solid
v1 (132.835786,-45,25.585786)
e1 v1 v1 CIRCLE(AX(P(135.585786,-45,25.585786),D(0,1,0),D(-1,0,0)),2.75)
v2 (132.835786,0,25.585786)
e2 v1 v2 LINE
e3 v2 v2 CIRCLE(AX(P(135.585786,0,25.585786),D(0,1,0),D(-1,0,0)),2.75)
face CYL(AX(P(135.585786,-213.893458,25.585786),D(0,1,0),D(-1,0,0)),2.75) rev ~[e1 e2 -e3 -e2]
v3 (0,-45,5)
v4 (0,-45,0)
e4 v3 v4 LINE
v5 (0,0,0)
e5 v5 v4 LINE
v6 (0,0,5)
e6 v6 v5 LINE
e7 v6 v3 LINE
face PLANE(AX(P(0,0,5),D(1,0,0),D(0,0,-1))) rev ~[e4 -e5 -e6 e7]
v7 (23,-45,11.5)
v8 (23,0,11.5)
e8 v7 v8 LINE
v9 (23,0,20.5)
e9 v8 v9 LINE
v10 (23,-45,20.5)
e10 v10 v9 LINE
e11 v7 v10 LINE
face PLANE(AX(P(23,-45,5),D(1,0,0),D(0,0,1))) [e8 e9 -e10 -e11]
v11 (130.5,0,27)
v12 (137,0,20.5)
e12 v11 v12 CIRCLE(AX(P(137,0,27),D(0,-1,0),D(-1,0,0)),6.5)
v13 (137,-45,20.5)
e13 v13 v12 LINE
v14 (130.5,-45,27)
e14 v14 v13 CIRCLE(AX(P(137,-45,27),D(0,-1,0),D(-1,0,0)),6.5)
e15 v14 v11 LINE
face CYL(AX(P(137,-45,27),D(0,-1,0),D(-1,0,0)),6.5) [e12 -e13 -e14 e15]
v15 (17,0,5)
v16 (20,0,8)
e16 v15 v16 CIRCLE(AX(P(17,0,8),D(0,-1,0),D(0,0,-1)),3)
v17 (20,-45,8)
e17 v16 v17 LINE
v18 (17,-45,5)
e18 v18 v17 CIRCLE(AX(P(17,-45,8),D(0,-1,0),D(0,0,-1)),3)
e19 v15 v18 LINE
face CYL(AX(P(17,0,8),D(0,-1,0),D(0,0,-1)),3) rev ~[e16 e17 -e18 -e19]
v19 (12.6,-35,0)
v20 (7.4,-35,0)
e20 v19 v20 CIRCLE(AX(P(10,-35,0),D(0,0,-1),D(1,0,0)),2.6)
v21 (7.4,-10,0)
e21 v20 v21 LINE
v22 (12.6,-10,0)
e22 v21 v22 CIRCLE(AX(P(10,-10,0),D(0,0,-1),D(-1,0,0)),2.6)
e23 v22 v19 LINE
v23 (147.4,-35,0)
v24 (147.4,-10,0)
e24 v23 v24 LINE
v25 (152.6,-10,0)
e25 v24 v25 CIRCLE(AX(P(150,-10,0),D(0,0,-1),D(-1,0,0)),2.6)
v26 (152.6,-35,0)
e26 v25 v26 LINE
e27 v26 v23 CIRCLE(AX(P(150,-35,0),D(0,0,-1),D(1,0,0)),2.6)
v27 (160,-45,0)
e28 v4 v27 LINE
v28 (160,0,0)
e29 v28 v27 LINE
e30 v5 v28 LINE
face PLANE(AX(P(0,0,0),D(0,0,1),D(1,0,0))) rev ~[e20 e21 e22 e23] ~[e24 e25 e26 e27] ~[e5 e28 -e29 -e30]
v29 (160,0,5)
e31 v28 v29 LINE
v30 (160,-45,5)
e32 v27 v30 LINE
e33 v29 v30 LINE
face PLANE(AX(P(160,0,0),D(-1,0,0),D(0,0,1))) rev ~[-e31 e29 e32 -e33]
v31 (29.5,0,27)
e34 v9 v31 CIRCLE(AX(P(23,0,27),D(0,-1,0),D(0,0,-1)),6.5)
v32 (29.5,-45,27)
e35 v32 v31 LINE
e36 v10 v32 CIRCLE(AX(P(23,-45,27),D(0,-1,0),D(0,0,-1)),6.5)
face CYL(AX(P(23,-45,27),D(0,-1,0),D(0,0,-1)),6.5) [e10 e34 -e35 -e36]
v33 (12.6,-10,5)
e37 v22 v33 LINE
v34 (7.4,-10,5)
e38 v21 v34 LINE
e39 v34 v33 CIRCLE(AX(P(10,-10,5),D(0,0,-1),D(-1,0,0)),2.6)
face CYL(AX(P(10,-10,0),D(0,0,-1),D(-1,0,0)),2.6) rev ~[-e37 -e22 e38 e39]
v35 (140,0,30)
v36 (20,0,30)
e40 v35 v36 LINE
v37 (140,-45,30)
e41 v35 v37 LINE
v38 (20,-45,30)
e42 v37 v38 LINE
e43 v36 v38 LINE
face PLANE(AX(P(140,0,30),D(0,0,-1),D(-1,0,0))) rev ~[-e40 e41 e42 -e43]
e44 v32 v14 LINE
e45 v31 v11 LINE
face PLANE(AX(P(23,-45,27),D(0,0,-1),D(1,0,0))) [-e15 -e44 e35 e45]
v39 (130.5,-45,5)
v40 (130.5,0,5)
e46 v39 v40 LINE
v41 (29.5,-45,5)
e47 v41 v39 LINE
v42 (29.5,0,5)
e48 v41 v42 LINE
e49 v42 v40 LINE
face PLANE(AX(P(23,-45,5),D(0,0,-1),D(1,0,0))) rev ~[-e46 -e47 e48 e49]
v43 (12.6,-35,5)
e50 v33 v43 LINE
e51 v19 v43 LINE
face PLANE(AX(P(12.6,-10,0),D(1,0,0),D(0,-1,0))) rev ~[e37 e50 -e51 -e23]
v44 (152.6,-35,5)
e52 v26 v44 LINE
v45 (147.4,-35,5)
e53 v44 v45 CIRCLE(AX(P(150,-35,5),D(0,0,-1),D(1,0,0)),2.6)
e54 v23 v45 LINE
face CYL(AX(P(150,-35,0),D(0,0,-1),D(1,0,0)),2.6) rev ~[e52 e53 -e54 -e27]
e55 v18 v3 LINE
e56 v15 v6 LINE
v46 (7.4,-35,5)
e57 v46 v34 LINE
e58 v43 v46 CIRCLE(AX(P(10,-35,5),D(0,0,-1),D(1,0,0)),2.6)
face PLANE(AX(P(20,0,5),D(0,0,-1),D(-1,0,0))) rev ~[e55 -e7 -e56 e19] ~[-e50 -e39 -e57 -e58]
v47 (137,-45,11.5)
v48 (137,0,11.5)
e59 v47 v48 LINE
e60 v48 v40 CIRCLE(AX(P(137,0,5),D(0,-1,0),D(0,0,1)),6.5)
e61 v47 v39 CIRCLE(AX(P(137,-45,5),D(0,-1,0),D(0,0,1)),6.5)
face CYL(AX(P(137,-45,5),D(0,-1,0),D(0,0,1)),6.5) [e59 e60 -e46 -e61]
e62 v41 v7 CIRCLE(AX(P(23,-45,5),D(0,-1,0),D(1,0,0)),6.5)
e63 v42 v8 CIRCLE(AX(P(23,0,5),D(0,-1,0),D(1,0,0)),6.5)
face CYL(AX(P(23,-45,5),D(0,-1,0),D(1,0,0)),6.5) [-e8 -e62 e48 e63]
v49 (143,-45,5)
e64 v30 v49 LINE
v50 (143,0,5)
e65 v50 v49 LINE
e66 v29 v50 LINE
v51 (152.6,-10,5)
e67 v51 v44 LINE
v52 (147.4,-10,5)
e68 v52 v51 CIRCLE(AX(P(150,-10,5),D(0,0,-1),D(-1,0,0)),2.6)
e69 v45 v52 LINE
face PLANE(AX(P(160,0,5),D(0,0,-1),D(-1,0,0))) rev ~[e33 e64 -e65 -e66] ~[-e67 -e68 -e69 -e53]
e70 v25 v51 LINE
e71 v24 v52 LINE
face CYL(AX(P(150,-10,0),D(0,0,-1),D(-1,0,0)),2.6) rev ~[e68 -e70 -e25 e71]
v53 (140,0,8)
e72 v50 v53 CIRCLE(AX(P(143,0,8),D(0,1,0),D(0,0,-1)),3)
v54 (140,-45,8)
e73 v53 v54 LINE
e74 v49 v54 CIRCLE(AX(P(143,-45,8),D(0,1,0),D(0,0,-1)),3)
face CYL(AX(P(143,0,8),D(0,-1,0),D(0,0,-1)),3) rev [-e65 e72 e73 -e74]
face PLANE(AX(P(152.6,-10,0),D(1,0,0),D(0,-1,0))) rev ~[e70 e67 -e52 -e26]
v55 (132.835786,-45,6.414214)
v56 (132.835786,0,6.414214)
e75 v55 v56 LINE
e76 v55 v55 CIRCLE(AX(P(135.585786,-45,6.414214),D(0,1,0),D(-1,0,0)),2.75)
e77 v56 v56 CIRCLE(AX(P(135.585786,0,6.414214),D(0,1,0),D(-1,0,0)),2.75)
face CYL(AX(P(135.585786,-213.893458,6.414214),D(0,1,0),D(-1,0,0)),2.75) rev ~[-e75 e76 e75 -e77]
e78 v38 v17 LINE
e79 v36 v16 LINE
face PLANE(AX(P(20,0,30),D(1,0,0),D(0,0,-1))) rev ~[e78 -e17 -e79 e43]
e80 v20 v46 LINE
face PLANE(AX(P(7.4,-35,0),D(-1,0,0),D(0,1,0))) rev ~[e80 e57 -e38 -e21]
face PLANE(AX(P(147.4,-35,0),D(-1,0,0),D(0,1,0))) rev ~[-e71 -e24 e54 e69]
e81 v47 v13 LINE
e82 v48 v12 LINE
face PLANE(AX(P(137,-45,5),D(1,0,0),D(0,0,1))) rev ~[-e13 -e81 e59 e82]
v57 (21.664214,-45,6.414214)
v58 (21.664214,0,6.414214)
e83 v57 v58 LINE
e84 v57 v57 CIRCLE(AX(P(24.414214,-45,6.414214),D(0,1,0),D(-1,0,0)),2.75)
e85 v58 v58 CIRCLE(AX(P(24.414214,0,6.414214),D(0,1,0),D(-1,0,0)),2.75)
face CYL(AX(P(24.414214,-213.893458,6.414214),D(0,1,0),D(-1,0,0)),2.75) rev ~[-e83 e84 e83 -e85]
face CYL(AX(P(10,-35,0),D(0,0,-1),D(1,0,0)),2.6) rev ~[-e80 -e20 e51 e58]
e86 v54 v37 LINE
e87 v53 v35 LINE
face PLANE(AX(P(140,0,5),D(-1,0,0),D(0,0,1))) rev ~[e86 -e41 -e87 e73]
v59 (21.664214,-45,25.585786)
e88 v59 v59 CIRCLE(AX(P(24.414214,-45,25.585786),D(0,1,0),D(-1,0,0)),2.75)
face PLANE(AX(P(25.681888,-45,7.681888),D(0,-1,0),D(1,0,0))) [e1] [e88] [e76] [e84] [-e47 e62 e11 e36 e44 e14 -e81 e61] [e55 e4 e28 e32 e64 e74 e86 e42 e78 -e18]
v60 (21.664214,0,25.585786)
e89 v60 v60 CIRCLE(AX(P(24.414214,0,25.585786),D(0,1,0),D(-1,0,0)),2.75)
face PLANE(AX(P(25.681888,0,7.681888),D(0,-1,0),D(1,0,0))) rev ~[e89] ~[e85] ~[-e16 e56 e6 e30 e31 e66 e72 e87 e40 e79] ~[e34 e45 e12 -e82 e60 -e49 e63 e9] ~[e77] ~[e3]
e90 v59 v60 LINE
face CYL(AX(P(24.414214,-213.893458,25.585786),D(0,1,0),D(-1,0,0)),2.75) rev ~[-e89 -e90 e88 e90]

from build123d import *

# Parameters (mm, degrees)
F1_DEPTH = 45
F2_W     = 114
F2_H     = 22
F3_DEPTH = 50
F5_DEPTH = 45
F6_R     = 3
F8_DEPTH = 5
F10_D    = 5.5


with BuildPart() as f1:
    # F0 (on Front) → F1 (new body)
    with BuildSketch(Plane.XZ):
        Polygon((0, 5), (0, 0), (160, 0), (160, 5), (140, 5), (140, 30), (20, 30), (20, 5), align=None)
    extrude(amount=F1_DEPTH)

    # F2 (on face) → F3 (cut)
    with BuildSketch(Plane.XZ.offset(45)):
        with Locations((80, 16)):
            Rectangle(F2_W, F2_H)
    extrude(amount=-F3_DEPTH, mode=Mode.SUBTRACT)

    # F4 (on face) → F5 (join, through all)
    with BuildSketch(Plane.XZ.offset(45)):
        with BuildLine():
            ThreePointArc((29.5, 5), (27.5961940777, 9.5961940777), (23, 11.5))
            Line((23, 11.5), (23, 5))
            Line((23, 5), (29.5, 5))
        make_face()
        with BuildLine():
            Line((23, 27), (23, 20.5))
            ThreePointArc((23, 20.5), (27.5961940777, 22.4038059223), (29.5, 27))
            Line((29.5, 27), (23, 27))
        make_face()
        with BuildLine():
            Line((137, 27), (130.5, 27))
            ThreePointArc((130.5, 27), (132.4038059223, 22.4038059223), (137, 20.5))
            Line((137, 20.5), (137, 27))
        make_face()
        with BuildLine():
            ThreePointArc((137, 11.5), (132.4038059223, 9.5961940777), (130.5, 5))
            Line((130.5, 5), (137, 5))
            Line((137, 5), (137, 11.5))
        make_face()
    extrude(amount=-F5_DEPTH)

    # F6
    f6_edges = [f1.edges().sort_by_distance(p)[0] for p in [
        (140, -22.5, 5),
        (20, -22.5, 5),
    ]]
    fillet(f6_edges, radius=F6_R)

    # F7 (on face) → F8 (cut, through all)
    with BuildSketch(Plane(origin=(0, 0, 0), x_dir=(1, 0, 0), z_dir=(0, 0, -1))):
        with BuildLine():
            ThreePointArc((12.6, 35), (10, 37.6), (7.4, 35))
            Line((7.4, 35), (7.4, 10))
            ThreePointArc((7.4, 10), (10, 7.4), (12.6, 10))
            Line((12.6, 10), (12.6, 35))
        make_face()
        with BuildLine():
            ThreePointArc((152.6, 35), (150, 37.6), (147.4, 35))
            Line((147.4, 35), (147.4, 10))
            ThreePointArc((147.4, 10), (150, 7.4), (152.6, 10))
            Line((152.6, 10), (152.6, 35))
        make_face()
    extrude(amount=-F8_DEPTH, mode=Mode.SUBTRACT)

    # F10 (through all)
    with Locations(Plane.XZ.offset(45)):
        with Locations((24.4142135624, 25.5857864376), (24.4142135624, 6.4142135624), (135.5857864376, 6.4142135624), (135.5857864376, 25.5857864376)):
            Hole(F10_D / 2)


solid = f1.part
